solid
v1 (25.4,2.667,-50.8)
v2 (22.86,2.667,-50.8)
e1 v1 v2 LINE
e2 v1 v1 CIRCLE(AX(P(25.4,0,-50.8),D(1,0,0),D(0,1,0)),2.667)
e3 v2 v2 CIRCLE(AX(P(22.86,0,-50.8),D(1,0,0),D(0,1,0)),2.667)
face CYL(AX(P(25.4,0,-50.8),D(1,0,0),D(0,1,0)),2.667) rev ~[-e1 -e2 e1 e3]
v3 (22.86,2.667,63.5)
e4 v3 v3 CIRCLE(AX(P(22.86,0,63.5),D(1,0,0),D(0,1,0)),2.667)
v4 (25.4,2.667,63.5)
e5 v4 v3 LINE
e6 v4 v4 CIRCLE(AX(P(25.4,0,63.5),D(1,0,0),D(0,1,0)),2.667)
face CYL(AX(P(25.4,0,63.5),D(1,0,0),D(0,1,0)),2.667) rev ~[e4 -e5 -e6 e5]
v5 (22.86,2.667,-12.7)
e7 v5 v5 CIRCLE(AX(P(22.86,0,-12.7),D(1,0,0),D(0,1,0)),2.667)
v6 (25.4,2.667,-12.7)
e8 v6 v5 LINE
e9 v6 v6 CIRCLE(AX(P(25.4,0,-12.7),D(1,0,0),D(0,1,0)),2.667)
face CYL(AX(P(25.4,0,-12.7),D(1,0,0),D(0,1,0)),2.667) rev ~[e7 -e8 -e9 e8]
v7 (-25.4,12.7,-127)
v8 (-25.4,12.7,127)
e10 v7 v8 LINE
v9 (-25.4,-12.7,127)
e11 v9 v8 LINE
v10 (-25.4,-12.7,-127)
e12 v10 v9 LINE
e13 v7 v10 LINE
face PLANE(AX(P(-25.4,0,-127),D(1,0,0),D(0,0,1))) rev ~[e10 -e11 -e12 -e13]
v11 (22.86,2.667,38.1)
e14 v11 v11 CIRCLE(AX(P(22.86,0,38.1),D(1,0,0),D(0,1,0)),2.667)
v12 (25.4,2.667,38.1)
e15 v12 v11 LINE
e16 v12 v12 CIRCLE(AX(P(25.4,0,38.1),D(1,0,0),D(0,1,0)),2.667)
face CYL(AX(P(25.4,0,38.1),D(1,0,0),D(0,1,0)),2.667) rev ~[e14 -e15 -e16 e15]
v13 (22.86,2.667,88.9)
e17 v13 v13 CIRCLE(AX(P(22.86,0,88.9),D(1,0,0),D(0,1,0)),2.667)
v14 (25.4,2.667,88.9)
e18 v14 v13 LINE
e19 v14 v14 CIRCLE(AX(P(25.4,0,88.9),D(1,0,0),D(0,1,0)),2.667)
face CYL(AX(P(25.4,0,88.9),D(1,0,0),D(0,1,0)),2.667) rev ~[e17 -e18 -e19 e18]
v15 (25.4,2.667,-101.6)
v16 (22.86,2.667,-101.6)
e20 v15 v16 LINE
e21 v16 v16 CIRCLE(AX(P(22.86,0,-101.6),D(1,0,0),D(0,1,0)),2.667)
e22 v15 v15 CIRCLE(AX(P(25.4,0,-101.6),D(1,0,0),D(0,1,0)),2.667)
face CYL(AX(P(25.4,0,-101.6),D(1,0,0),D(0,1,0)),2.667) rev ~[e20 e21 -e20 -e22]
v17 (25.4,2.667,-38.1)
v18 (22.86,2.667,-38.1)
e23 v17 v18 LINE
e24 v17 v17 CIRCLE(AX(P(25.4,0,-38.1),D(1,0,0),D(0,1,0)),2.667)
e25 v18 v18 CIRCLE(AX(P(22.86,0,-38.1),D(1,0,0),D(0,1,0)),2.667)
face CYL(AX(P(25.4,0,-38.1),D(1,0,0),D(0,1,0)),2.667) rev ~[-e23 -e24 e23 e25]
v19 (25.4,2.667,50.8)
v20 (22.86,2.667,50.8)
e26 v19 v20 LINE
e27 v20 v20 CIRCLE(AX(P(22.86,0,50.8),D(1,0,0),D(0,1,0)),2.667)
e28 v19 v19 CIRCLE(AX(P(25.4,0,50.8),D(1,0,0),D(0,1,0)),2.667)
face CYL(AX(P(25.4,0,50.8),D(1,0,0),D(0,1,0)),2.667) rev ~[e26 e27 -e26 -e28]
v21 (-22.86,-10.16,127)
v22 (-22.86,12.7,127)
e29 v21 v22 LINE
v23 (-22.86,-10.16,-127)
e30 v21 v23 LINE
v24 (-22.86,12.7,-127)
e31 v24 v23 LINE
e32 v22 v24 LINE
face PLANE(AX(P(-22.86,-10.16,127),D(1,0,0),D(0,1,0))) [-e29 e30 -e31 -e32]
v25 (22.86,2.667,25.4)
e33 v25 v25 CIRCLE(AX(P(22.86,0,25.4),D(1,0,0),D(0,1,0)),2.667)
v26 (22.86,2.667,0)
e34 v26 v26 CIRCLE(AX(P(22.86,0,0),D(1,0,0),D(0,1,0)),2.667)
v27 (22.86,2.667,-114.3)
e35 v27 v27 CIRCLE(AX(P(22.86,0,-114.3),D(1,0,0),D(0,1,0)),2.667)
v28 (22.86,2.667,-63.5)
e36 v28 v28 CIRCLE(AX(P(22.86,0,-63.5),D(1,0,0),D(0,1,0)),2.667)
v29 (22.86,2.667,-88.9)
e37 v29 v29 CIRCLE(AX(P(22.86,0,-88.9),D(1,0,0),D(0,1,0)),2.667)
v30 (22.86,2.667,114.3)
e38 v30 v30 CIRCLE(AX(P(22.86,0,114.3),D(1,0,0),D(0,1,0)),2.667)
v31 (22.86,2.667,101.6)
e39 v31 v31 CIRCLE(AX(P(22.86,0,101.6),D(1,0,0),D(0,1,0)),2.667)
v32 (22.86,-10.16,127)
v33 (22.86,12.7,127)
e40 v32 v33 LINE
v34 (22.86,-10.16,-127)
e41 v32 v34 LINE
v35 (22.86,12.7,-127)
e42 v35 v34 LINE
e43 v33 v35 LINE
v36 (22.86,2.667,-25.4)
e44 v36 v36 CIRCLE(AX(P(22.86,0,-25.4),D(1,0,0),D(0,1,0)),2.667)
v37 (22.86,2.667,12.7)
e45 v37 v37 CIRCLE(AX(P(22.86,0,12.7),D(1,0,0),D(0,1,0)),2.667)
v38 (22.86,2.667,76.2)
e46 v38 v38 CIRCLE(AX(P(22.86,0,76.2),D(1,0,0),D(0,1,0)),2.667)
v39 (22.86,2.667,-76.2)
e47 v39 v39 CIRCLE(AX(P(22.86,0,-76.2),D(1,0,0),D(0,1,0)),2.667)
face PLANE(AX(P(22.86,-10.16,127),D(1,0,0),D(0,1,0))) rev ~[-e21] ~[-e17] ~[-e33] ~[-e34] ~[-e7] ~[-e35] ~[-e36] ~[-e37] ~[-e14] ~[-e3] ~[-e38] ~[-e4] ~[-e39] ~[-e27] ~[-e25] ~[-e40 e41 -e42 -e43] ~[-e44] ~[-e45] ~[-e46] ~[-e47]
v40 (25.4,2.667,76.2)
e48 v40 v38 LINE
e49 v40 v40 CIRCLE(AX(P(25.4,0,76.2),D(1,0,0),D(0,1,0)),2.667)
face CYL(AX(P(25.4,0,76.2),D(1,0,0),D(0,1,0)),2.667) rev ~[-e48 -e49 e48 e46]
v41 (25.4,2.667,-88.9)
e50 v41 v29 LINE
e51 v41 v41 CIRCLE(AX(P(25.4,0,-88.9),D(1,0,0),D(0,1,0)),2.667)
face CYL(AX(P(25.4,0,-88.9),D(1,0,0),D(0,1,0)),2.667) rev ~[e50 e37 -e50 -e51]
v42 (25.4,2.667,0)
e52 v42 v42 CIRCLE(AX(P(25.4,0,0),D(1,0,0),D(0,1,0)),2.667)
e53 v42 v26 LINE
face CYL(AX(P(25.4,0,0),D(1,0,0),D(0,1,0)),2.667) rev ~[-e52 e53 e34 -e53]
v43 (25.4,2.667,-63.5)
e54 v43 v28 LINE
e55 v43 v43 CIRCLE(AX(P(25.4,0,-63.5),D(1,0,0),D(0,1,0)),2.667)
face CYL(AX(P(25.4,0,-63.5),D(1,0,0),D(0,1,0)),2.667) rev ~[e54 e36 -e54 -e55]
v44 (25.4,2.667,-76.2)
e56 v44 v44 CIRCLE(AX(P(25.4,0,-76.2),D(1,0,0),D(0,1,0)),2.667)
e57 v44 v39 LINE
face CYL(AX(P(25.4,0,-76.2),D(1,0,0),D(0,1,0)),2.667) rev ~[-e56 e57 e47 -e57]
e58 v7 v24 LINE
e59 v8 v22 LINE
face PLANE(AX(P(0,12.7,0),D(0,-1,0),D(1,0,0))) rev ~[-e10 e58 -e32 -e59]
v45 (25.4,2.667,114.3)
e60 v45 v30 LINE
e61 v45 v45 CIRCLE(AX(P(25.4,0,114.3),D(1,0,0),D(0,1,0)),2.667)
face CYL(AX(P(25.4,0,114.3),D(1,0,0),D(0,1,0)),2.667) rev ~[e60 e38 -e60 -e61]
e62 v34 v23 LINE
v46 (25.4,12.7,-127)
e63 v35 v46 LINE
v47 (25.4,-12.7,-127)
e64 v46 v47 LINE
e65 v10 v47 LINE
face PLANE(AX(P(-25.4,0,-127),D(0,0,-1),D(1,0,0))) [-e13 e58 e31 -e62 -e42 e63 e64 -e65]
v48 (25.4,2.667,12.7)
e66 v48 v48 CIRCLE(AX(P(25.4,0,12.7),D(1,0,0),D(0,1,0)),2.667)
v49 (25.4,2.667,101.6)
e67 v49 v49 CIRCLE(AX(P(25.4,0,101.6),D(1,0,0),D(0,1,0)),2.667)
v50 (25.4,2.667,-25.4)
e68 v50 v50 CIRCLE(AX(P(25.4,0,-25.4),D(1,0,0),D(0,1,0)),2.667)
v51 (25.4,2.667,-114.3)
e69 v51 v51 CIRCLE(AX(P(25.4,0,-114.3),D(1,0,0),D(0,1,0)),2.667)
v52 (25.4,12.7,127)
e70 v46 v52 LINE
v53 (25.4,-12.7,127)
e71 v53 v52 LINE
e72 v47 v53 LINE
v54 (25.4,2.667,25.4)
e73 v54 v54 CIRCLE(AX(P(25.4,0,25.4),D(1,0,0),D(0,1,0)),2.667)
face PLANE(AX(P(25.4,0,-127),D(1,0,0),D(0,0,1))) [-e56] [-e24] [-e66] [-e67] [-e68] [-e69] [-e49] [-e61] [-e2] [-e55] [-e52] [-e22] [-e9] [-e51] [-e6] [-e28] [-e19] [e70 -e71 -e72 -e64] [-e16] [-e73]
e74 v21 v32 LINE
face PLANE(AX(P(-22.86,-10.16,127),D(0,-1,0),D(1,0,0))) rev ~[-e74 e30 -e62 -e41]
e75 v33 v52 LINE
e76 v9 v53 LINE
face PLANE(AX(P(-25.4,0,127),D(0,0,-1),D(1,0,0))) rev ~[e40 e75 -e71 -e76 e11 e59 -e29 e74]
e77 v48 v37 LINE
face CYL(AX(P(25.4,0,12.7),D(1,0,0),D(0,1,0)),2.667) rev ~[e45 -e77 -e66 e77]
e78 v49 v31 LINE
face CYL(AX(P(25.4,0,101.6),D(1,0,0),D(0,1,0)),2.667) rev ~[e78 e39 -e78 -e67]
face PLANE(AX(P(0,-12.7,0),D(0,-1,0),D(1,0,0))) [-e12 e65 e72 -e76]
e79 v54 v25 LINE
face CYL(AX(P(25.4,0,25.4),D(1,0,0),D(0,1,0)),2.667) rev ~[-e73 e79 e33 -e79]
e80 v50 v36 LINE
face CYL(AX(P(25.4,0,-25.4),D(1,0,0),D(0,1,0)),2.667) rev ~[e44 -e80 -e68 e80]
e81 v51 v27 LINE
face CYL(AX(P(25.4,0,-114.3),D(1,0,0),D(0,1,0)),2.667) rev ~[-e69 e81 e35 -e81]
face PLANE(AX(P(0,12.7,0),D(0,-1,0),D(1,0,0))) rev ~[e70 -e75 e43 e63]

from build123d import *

# Parameters (mm, degrees)
F0_W     = 50.8
F0_H     = 254
F1_DEPTH = 12.7
F2_W     = 45.72
F2_H     = 22.86
F3_DEPTH = 254.001
F4_R     = 2.667
F5_DEPTH = 2.54


with BuildPart() as f1:
    # F0 (on Front) → F1 (new body, symmetric)
    with BuildSketch(Plane.XZ):
        Rectangle(F0_W, F0_H)
    extrude(amount=F1_DEPTH, both=True)

    # F2 (on face) → F3 (cut, through all)
    with BuildSketch(Plane.XY.offset(127)):
        with Locations((0, 1.27)):
            Rectangle(F2_W, F2_H)
    extrude(amount=-F3_DEPTH, mode=Mode.SUBTRACT)

    # F4 (on face) → F5 (cut)
    with BuildSketch(Plane.YZ.offset(25.4)):
        with Locations((0, 101.6)):
            Circle(F4_R)
        with Locations((0, 38.1)):
            Circle(F4_R)
        with Locations((0, 50.8)):
            Circle(F4_R)
        with Locations((0, 63.5)):
            Circle(F4_R)
        with Locations((0, 76.2)):
            Circle(F4_R)
        with Locations((0, 114.3)):
            Circle(F4_R)
        with Locations((0, -63.5)):
            Circle(F4_R)
        with Locations((0, -88.9)):
            Circle(F4_R)
        with Locations((0, -76.2)):
            Circle(F4_R)
        with Locations((0, -114.3)):
            Circle(F4_R)
        with Locations((0, -101.6)):
            Circle(F4_R)
        with Locations((0, 88.9)):
            Circle(F4_R)
        with Locations((0, -50.8)):
            Circle(F4_R)
        with Locations((0, 25.4)):
            Circle(F4_R)
        with Locations((0, 12.7)):
            Circle(F4_R)
        with Locations((0, -12.7)):
            Circle(F4_R)
        with Locations((0, -25.4)):
            Circle(F4_R)
        with Locations((0, -38.1)):
            Circle(F4_R)
        Circle(F4_R)
    extrude(amount=-F5_DEPTH, mode=Mode.SUBTRACT)


solid = f1.part
